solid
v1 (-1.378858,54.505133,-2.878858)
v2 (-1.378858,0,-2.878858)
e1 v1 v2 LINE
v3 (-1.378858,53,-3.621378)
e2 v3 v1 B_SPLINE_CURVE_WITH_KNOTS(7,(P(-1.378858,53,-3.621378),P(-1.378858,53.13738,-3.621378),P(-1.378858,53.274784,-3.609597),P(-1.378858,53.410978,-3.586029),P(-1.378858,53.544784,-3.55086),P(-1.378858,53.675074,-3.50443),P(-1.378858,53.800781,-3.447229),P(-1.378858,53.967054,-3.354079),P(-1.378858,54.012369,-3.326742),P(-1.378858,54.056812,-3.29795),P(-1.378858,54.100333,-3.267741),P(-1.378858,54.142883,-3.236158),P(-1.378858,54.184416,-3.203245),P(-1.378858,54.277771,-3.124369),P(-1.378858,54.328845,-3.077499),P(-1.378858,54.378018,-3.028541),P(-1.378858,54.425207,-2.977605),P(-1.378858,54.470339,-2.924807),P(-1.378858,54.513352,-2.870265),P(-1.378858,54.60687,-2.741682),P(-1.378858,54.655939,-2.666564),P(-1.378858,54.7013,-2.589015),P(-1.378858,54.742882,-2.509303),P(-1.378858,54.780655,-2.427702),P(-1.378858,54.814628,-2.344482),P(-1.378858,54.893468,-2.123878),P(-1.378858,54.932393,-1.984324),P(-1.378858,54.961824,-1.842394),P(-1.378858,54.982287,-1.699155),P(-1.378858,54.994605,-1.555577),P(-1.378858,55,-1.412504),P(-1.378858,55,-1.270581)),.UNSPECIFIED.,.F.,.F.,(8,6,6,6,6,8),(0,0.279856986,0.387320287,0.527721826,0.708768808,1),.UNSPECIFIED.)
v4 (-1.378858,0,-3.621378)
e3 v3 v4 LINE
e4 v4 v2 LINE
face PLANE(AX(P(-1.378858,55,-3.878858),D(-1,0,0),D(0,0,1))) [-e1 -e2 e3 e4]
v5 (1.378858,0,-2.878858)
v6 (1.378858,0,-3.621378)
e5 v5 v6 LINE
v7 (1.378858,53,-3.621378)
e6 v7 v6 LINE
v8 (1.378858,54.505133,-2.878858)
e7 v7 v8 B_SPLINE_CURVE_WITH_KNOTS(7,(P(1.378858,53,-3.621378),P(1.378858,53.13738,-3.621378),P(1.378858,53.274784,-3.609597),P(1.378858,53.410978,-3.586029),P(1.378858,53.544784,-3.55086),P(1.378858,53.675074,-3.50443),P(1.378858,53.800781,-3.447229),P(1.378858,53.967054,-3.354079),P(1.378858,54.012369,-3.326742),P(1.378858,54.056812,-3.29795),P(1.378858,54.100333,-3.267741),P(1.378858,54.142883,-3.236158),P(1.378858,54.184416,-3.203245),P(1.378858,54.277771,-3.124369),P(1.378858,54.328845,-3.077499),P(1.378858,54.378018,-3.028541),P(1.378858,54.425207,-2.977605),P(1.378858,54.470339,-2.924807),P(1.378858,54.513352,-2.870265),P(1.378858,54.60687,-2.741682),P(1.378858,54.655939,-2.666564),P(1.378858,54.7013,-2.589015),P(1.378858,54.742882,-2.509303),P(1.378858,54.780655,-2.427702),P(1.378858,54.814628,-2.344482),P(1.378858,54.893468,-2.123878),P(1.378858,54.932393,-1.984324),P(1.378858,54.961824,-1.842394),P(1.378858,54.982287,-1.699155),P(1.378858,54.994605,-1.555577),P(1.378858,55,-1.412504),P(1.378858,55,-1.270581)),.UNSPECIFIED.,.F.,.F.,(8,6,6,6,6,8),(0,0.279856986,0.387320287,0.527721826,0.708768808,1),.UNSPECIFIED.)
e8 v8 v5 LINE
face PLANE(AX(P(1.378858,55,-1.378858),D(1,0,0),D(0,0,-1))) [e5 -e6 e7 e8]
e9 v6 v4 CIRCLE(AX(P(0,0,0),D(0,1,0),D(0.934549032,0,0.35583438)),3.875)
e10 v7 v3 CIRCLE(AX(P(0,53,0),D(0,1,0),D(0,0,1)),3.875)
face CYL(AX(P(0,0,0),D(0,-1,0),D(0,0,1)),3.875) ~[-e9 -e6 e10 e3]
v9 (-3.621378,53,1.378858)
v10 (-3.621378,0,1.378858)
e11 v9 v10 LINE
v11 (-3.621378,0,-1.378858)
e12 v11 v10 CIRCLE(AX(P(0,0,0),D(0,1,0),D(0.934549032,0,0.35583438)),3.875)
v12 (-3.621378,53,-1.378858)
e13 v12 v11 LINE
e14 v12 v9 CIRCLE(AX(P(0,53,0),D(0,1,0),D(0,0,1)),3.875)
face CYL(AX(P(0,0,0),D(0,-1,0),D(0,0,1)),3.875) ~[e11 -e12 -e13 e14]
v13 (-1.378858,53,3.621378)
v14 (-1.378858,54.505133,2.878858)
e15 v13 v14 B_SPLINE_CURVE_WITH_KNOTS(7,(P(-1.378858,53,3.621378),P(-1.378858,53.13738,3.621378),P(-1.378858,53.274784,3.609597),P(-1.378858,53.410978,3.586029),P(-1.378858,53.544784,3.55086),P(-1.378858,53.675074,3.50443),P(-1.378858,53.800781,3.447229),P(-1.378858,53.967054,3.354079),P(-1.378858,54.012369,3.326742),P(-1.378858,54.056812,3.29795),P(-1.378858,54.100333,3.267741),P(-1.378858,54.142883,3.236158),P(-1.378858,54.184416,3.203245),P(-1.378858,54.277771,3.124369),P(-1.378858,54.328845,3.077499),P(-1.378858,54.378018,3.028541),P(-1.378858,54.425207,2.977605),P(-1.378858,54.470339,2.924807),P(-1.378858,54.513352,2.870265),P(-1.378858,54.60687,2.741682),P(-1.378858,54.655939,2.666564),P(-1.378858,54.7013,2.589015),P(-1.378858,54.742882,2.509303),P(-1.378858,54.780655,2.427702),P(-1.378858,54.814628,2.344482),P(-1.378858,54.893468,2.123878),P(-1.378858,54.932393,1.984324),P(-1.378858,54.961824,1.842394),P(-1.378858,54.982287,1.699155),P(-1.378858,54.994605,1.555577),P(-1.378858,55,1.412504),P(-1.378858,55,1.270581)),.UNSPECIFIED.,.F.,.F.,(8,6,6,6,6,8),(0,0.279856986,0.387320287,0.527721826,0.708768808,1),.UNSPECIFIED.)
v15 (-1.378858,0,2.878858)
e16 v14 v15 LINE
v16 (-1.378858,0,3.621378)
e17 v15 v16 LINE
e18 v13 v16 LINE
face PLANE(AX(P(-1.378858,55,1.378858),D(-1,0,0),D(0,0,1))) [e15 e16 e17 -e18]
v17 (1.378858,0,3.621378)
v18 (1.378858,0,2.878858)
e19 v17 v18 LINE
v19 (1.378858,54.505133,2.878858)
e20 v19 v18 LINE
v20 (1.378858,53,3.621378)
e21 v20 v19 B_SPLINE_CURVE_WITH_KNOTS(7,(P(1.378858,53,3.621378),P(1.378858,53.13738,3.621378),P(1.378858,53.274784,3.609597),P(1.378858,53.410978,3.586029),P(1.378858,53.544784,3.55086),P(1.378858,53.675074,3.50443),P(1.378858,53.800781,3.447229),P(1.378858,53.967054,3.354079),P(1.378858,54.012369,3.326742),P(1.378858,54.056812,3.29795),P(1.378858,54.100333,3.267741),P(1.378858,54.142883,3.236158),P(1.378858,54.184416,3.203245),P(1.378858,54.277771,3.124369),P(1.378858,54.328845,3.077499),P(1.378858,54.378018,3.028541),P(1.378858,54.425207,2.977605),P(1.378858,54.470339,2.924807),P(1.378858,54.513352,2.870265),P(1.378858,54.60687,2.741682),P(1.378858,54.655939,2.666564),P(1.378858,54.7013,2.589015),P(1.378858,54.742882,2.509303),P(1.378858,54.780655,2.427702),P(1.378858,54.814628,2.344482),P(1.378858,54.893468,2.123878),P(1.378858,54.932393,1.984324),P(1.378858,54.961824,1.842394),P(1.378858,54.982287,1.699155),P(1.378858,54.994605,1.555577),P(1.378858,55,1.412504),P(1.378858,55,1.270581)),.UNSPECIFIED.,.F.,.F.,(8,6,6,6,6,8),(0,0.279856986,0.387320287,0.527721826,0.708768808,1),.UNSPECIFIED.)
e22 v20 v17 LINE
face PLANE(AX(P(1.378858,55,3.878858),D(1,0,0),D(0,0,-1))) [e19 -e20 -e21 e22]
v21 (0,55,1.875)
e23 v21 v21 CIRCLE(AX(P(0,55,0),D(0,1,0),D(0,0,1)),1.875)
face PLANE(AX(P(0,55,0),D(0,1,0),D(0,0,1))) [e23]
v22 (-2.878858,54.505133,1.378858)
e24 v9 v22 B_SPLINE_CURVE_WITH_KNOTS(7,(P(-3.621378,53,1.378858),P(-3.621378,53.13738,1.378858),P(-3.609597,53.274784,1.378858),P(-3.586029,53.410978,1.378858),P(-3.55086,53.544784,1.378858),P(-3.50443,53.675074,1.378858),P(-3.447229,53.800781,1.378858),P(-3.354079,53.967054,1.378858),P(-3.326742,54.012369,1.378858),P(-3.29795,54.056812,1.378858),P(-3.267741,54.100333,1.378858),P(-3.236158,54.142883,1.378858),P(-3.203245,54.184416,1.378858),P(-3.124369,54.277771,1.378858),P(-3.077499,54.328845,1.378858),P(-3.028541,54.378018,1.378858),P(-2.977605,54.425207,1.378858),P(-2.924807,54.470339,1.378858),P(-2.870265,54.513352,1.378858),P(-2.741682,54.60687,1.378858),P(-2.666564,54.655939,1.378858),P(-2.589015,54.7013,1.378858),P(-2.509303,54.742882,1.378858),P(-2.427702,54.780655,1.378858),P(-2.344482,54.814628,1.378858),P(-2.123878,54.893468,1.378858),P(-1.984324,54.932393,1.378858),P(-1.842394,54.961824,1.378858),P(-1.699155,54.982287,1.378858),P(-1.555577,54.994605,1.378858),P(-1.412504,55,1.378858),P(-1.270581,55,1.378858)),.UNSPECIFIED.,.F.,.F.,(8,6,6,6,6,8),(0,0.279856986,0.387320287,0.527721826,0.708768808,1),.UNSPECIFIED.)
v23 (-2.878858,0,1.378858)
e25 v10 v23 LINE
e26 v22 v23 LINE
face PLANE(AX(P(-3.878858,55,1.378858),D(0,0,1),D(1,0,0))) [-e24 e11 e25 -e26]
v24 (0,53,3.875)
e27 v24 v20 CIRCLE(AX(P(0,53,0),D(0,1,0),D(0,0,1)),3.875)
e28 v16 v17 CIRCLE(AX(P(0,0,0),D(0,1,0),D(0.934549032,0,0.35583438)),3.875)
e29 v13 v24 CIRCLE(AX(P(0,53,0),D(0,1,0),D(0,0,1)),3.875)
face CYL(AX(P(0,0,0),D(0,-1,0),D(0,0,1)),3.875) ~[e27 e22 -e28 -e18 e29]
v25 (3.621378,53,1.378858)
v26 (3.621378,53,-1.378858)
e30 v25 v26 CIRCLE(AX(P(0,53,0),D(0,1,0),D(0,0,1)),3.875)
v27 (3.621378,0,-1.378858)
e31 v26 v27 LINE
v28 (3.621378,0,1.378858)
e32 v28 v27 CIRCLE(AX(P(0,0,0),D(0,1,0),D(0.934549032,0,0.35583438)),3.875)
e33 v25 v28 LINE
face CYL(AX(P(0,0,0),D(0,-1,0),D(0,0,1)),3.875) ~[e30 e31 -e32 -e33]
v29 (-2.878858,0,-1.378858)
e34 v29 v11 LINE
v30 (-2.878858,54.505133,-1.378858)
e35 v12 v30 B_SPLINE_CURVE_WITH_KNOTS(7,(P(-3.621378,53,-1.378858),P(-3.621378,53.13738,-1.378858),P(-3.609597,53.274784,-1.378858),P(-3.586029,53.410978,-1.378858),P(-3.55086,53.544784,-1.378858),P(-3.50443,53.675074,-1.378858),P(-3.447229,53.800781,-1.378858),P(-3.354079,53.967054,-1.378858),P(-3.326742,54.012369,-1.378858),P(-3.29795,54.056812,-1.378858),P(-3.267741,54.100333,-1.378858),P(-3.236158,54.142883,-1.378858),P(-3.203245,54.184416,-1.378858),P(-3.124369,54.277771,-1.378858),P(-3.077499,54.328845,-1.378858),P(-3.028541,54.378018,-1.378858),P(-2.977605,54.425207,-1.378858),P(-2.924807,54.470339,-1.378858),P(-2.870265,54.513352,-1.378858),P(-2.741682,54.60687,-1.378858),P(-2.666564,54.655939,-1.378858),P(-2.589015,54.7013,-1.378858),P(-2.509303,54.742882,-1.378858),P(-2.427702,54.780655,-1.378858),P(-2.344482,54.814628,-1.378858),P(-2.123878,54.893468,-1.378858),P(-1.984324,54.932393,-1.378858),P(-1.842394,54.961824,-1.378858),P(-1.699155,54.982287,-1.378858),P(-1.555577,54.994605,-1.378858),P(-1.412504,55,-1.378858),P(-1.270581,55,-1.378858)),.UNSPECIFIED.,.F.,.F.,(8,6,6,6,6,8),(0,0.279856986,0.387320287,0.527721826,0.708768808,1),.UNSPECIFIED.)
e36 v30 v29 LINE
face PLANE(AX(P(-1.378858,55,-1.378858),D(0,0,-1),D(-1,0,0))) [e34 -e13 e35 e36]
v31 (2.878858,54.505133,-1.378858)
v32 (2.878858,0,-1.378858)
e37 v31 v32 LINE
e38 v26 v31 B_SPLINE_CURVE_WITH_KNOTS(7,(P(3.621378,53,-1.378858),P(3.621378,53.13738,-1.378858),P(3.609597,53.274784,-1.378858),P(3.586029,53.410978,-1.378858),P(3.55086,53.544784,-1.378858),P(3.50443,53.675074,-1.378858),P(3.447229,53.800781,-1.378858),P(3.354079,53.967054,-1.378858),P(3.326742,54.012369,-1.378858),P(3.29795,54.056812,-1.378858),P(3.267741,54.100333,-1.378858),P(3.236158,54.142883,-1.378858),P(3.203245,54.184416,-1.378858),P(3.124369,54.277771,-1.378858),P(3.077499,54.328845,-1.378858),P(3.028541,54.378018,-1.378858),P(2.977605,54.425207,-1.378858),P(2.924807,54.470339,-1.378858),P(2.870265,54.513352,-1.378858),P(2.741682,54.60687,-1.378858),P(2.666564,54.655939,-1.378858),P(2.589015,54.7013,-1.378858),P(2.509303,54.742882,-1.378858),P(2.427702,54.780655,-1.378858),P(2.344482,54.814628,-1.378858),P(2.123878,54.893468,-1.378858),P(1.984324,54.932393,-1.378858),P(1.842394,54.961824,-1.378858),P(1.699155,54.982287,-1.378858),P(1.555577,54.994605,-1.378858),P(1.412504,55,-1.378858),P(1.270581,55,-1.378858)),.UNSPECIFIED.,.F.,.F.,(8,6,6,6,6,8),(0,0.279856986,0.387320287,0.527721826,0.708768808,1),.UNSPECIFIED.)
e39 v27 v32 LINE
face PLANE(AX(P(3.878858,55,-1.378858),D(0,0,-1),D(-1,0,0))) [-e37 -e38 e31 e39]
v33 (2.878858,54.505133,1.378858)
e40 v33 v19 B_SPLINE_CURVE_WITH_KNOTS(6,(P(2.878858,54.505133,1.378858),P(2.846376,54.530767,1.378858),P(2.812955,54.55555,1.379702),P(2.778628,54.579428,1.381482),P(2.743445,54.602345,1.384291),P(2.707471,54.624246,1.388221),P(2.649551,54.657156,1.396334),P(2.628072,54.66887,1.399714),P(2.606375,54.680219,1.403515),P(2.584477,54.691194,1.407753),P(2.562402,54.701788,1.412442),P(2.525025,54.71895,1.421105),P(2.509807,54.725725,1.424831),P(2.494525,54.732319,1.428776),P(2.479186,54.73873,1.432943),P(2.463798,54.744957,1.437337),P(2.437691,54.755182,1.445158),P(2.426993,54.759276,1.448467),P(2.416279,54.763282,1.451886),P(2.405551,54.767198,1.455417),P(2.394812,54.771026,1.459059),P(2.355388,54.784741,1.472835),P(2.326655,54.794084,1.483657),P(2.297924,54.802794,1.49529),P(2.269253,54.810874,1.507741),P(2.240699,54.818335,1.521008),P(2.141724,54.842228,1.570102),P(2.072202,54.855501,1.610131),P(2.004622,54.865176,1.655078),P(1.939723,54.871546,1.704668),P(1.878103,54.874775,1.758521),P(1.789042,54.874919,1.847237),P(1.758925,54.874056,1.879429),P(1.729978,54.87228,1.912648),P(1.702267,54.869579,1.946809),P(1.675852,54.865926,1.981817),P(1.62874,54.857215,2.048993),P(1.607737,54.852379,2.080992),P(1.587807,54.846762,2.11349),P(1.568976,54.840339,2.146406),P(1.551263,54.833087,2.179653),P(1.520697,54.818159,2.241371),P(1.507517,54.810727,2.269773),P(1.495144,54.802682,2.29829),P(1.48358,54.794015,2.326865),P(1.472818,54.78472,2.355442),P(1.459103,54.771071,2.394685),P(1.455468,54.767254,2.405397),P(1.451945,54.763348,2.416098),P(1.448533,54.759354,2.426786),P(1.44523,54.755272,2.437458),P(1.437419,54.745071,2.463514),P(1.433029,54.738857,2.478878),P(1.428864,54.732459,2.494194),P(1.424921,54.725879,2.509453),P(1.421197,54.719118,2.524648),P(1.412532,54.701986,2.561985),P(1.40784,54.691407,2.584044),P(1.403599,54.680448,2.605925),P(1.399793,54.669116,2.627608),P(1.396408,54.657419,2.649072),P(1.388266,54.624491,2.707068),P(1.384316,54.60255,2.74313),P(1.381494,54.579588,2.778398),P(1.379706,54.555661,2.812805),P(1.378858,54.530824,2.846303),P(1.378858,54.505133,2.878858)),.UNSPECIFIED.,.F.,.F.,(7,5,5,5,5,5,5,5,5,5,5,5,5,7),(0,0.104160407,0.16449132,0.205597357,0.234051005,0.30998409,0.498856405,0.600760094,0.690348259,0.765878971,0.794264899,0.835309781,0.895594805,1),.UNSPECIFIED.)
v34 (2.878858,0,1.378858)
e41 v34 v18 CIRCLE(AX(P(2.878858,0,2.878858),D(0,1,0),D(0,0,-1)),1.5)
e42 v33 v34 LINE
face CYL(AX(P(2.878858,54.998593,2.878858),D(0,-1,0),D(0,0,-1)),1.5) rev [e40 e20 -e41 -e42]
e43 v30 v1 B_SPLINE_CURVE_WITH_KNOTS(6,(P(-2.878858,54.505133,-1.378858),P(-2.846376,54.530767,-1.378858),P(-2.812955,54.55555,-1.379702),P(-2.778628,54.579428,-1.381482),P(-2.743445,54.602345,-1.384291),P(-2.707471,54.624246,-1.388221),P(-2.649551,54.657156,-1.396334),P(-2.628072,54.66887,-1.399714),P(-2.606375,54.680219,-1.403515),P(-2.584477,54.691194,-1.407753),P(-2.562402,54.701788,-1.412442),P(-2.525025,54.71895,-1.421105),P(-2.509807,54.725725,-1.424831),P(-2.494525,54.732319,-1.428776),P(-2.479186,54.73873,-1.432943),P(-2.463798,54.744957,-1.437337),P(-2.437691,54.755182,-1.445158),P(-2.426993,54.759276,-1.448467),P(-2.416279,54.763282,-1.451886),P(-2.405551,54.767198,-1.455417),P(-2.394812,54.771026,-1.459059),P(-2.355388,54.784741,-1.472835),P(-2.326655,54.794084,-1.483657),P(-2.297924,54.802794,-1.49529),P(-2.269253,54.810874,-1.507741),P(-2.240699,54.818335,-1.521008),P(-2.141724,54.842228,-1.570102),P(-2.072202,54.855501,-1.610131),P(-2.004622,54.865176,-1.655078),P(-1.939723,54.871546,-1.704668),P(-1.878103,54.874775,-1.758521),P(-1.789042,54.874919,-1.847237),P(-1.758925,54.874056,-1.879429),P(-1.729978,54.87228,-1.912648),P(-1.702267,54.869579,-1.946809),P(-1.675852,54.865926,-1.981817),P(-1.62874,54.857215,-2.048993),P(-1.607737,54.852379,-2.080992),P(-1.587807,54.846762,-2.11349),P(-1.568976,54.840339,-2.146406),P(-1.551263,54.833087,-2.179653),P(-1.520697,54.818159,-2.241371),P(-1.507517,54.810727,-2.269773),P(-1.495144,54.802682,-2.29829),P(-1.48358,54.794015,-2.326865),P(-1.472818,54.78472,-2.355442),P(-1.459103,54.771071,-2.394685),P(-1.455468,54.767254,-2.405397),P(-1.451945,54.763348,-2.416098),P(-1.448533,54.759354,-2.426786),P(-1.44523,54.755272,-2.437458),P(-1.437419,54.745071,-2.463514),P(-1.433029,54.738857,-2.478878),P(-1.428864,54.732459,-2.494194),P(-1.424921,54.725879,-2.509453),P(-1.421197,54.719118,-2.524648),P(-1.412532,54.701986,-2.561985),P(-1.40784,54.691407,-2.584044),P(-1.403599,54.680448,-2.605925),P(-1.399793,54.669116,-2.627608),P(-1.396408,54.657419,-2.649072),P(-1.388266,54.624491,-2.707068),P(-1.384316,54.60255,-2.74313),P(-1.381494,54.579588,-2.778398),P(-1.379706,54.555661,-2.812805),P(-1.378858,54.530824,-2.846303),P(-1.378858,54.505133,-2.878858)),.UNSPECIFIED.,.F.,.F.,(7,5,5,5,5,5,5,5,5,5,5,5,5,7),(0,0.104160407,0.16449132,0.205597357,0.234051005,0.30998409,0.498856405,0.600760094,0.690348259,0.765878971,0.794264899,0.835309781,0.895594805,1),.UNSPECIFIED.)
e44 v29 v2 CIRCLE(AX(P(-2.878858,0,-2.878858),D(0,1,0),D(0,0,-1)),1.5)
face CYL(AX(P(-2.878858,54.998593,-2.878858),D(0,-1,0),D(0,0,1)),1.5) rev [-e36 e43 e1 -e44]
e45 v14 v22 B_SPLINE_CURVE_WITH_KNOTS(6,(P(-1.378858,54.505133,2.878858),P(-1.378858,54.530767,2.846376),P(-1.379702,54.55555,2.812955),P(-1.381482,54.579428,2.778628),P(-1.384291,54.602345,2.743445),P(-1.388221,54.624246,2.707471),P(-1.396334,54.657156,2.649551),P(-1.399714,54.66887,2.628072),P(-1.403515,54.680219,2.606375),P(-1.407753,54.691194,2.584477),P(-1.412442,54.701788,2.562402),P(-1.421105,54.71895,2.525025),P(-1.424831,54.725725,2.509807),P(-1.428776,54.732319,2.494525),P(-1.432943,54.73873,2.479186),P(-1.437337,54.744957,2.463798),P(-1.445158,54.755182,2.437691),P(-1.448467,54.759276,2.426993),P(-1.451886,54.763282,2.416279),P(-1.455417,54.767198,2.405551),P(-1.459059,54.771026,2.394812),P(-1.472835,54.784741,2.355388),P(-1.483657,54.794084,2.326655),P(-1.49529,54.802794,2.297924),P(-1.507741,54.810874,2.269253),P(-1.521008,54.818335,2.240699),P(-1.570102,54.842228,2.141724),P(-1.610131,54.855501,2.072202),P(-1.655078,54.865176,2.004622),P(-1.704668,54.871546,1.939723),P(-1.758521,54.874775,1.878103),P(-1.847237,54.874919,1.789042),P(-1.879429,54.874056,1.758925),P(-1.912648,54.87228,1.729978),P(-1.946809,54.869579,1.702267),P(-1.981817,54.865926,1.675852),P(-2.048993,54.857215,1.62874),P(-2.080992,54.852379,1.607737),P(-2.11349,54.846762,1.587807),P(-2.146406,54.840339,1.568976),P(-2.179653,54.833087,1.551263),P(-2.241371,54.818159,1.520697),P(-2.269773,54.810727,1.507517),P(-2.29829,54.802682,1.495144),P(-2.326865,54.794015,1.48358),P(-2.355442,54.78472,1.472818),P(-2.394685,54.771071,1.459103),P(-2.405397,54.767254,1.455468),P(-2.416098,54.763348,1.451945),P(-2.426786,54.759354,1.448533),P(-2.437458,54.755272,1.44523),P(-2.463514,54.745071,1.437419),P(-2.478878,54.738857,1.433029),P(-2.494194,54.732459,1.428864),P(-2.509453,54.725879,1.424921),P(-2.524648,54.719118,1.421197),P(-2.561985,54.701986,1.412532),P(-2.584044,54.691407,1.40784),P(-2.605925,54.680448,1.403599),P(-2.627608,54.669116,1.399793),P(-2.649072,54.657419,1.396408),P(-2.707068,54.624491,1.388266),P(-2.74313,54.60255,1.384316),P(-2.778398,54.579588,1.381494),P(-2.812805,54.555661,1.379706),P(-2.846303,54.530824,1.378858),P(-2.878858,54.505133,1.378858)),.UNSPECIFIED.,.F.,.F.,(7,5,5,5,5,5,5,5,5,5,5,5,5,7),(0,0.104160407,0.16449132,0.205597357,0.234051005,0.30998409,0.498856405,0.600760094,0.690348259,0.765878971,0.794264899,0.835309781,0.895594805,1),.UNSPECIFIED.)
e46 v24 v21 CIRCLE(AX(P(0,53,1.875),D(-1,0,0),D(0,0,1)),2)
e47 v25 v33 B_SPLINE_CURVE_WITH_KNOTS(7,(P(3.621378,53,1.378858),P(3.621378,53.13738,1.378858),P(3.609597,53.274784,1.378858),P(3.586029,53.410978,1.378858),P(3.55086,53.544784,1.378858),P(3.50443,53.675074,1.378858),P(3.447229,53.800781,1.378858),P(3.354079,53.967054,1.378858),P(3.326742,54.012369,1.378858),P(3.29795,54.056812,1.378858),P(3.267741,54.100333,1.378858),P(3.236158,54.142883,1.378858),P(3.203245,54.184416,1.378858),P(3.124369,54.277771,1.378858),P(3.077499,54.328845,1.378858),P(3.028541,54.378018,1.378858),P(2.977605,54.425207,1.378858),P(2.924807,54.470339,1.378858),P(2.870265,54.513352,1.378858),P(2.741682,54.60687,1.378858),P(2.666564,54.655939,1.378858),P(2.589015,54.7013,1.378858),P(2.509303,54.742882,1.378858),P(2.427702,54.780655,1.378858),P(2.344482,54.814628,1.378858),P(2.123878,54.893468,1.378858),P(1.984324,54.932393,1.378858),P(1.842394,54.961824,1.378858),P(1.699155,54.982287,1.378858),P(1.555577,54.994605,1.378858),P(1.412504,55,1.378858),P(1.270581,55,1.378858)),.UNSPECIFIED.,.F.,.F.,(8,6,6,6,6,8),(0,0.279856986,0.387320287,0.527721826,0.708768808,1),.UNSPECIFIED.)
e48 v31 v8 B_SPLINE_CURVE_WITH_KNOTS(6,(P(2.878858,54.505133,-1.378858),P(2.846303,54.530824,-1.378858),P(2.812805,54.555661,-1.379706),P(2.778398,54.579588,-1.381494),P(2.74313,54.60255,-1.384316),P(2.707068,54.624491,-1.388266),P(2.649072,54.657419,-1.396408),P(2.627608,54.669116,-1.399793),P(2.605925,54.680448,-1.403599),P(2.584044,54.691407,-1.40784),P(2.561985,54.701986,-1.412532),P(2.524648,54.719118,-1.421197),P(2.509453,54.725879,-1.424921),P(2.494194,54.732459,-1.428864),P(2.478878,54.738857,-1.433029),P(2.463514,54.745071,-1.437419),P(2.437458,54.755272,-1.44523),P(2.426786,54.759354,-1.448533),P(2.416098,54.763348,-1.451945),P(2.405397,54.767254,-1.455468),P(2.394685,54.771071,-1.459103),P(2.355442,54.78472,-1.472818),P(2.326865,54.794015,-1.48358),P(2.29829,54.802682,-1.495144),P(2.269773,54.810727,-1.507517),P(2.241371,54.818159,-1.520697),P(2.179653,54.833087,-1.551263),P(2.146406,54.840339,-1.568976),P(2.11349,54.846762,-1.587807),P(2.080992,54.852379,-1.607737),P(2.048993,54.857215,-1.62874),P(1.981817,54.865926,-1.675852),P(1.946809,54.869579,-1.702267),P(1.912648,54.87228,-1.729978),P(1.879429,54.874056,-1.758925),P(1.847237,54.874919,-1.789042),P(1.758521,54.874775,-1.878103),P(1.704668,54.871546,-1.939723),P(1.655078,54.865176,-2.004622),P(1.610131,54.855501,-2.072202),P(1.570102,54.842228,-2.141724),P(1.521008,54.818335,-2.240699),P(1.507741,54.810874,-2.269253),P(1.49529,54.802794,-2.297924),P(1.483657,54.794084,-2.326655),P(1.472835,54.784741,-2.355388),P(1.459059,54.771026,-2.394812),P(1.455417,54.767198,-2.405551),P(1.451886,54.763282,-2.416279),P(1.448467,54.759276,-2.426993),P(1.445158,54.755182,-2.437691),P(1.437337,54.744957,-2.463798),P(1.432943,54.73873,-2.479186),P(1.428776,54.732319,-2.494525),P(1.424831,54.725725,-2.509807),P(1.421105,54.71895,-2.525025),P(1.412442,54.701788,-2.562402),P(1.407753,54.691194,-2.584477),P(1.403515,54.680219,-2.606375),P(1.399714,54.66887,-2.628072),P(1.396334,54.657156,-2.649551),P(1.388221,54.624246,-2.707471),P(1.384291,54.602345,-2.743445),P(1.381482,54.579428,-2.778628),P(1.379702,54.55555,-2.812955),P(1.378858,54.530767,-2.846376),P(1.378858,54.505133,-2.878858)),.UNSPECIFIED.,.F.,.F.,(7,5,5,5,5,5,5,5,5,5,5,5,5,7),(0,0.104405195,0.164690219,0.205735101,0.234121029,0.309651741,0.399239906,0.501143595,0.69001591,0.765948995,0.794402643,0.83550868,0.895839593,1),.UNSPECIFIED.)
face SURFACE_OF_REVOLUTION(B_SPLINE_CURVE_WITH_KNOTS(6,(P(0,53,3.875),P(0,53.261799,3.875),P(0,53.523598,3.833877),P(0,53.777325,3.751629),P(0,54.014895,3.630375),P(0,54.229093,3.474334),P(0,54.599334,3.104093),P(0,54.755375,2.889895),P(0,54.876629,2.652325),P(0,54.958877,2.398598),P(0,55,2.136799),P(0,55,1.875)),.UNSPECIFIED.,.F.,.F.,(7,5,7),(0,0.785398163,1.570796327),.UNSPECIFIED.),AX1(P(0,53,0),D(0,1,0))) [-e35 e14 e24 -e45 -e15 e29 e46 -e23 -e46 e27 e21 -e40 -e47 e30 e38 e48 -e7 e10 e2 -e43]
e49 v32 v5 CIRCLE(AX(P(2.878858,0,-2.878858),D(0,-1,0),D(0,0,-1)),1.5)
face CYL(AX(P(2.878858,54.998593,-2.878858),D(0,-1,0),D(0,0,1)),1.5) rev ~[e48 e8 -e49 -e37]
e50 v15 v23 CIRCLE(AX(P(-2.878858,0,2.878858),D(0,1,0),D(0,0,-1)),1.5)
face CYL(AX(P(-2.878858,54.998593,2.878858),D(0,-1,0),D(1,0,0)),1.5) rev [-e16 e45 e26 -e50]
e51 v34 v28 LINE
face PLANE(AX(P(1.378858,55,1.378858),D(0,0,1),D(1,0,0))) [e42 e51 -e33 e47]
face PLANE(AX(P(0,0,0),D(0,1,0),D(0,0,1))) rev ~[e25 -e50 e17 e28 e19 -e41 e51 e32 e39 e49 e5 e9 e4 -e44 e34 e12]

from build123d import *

# Parameters (mm, degrees)
SKETCH1_R           = 3.875
BOSS_EXTRUDE1_DEPTH = 55
FILLET1_R           = 2
SKETCH2_W           = 2.5
SKETCH2_H           = 2.5
CUT_EXTRUDE1_DEPTH  = 56.272337121
CIRPATTERN1_COUNT   = 4
FILLET2_R           = 1.5


with BuildPart() as part:
    # Sketch1 → Boss-Extrude1 (new body)
    with BuildSketch(Plane(origin=(0, 0, 0), x_dir=(1, 0, 0), z_dir=(0, 1, 0))):
        with Locations(Location((0, 0, 0), (0, 0, 270))):
            Circle(SKETCH1_R)
    extrude(amount=BOSS_EXTRUDE1_DEPTH)

    # Fillet1
    fillet1_edges = [part.edges().sort_by_distance(p)[0] for p in [
        (0, 55, -3.875),
    ]]
    fillet(fillet1_edges, radius=FILLET1_R)

    # Sketch2 → Cut-Extrude1 (cut, through all)
    with BuildSketch(Plane(origin=(0, 55, 0), x_dir=(1, 0, 0), z_dir=(0, 1, 0))):
        with Locations((2.628858223, -2.628858223)):
            Rectangle(SKETCH2_W, SKETCH2_H)
    cut_extrude1 = extrude(amount=-CUT_EXTRUDE1_DEPTH, mode=Mode.SUBTRACT)

    # CirPattern1: Cut-Extrude1 ×4 about axis
    cirpattern1_axis = Axis((0, 0, 0), (0, 1, 0))
    for i in range(1, CIRPATTERN1_COUNT):
        add(cut_extrude1.rotate(cirpattern1_axis, i * 360 / CIRPATTERN1_COUNT), mode=Mode.SUBTRACT)

    # Fillet2
    fillet2_edges = [part.edges().sort_by_distance(p)[0] for p in [
        (1.378858223, 27.499296628, -1.378858223),
        (-1.378858223, 27.499296628, -1.378858223),
        (-1.378858223, 27.499296628, 1.378858223),
        (1.378858223, 27.499296628, 1.378858223),
    ]]
    fillet(fillet2_edges, radius=FILLET2_R)


solid = part.part
